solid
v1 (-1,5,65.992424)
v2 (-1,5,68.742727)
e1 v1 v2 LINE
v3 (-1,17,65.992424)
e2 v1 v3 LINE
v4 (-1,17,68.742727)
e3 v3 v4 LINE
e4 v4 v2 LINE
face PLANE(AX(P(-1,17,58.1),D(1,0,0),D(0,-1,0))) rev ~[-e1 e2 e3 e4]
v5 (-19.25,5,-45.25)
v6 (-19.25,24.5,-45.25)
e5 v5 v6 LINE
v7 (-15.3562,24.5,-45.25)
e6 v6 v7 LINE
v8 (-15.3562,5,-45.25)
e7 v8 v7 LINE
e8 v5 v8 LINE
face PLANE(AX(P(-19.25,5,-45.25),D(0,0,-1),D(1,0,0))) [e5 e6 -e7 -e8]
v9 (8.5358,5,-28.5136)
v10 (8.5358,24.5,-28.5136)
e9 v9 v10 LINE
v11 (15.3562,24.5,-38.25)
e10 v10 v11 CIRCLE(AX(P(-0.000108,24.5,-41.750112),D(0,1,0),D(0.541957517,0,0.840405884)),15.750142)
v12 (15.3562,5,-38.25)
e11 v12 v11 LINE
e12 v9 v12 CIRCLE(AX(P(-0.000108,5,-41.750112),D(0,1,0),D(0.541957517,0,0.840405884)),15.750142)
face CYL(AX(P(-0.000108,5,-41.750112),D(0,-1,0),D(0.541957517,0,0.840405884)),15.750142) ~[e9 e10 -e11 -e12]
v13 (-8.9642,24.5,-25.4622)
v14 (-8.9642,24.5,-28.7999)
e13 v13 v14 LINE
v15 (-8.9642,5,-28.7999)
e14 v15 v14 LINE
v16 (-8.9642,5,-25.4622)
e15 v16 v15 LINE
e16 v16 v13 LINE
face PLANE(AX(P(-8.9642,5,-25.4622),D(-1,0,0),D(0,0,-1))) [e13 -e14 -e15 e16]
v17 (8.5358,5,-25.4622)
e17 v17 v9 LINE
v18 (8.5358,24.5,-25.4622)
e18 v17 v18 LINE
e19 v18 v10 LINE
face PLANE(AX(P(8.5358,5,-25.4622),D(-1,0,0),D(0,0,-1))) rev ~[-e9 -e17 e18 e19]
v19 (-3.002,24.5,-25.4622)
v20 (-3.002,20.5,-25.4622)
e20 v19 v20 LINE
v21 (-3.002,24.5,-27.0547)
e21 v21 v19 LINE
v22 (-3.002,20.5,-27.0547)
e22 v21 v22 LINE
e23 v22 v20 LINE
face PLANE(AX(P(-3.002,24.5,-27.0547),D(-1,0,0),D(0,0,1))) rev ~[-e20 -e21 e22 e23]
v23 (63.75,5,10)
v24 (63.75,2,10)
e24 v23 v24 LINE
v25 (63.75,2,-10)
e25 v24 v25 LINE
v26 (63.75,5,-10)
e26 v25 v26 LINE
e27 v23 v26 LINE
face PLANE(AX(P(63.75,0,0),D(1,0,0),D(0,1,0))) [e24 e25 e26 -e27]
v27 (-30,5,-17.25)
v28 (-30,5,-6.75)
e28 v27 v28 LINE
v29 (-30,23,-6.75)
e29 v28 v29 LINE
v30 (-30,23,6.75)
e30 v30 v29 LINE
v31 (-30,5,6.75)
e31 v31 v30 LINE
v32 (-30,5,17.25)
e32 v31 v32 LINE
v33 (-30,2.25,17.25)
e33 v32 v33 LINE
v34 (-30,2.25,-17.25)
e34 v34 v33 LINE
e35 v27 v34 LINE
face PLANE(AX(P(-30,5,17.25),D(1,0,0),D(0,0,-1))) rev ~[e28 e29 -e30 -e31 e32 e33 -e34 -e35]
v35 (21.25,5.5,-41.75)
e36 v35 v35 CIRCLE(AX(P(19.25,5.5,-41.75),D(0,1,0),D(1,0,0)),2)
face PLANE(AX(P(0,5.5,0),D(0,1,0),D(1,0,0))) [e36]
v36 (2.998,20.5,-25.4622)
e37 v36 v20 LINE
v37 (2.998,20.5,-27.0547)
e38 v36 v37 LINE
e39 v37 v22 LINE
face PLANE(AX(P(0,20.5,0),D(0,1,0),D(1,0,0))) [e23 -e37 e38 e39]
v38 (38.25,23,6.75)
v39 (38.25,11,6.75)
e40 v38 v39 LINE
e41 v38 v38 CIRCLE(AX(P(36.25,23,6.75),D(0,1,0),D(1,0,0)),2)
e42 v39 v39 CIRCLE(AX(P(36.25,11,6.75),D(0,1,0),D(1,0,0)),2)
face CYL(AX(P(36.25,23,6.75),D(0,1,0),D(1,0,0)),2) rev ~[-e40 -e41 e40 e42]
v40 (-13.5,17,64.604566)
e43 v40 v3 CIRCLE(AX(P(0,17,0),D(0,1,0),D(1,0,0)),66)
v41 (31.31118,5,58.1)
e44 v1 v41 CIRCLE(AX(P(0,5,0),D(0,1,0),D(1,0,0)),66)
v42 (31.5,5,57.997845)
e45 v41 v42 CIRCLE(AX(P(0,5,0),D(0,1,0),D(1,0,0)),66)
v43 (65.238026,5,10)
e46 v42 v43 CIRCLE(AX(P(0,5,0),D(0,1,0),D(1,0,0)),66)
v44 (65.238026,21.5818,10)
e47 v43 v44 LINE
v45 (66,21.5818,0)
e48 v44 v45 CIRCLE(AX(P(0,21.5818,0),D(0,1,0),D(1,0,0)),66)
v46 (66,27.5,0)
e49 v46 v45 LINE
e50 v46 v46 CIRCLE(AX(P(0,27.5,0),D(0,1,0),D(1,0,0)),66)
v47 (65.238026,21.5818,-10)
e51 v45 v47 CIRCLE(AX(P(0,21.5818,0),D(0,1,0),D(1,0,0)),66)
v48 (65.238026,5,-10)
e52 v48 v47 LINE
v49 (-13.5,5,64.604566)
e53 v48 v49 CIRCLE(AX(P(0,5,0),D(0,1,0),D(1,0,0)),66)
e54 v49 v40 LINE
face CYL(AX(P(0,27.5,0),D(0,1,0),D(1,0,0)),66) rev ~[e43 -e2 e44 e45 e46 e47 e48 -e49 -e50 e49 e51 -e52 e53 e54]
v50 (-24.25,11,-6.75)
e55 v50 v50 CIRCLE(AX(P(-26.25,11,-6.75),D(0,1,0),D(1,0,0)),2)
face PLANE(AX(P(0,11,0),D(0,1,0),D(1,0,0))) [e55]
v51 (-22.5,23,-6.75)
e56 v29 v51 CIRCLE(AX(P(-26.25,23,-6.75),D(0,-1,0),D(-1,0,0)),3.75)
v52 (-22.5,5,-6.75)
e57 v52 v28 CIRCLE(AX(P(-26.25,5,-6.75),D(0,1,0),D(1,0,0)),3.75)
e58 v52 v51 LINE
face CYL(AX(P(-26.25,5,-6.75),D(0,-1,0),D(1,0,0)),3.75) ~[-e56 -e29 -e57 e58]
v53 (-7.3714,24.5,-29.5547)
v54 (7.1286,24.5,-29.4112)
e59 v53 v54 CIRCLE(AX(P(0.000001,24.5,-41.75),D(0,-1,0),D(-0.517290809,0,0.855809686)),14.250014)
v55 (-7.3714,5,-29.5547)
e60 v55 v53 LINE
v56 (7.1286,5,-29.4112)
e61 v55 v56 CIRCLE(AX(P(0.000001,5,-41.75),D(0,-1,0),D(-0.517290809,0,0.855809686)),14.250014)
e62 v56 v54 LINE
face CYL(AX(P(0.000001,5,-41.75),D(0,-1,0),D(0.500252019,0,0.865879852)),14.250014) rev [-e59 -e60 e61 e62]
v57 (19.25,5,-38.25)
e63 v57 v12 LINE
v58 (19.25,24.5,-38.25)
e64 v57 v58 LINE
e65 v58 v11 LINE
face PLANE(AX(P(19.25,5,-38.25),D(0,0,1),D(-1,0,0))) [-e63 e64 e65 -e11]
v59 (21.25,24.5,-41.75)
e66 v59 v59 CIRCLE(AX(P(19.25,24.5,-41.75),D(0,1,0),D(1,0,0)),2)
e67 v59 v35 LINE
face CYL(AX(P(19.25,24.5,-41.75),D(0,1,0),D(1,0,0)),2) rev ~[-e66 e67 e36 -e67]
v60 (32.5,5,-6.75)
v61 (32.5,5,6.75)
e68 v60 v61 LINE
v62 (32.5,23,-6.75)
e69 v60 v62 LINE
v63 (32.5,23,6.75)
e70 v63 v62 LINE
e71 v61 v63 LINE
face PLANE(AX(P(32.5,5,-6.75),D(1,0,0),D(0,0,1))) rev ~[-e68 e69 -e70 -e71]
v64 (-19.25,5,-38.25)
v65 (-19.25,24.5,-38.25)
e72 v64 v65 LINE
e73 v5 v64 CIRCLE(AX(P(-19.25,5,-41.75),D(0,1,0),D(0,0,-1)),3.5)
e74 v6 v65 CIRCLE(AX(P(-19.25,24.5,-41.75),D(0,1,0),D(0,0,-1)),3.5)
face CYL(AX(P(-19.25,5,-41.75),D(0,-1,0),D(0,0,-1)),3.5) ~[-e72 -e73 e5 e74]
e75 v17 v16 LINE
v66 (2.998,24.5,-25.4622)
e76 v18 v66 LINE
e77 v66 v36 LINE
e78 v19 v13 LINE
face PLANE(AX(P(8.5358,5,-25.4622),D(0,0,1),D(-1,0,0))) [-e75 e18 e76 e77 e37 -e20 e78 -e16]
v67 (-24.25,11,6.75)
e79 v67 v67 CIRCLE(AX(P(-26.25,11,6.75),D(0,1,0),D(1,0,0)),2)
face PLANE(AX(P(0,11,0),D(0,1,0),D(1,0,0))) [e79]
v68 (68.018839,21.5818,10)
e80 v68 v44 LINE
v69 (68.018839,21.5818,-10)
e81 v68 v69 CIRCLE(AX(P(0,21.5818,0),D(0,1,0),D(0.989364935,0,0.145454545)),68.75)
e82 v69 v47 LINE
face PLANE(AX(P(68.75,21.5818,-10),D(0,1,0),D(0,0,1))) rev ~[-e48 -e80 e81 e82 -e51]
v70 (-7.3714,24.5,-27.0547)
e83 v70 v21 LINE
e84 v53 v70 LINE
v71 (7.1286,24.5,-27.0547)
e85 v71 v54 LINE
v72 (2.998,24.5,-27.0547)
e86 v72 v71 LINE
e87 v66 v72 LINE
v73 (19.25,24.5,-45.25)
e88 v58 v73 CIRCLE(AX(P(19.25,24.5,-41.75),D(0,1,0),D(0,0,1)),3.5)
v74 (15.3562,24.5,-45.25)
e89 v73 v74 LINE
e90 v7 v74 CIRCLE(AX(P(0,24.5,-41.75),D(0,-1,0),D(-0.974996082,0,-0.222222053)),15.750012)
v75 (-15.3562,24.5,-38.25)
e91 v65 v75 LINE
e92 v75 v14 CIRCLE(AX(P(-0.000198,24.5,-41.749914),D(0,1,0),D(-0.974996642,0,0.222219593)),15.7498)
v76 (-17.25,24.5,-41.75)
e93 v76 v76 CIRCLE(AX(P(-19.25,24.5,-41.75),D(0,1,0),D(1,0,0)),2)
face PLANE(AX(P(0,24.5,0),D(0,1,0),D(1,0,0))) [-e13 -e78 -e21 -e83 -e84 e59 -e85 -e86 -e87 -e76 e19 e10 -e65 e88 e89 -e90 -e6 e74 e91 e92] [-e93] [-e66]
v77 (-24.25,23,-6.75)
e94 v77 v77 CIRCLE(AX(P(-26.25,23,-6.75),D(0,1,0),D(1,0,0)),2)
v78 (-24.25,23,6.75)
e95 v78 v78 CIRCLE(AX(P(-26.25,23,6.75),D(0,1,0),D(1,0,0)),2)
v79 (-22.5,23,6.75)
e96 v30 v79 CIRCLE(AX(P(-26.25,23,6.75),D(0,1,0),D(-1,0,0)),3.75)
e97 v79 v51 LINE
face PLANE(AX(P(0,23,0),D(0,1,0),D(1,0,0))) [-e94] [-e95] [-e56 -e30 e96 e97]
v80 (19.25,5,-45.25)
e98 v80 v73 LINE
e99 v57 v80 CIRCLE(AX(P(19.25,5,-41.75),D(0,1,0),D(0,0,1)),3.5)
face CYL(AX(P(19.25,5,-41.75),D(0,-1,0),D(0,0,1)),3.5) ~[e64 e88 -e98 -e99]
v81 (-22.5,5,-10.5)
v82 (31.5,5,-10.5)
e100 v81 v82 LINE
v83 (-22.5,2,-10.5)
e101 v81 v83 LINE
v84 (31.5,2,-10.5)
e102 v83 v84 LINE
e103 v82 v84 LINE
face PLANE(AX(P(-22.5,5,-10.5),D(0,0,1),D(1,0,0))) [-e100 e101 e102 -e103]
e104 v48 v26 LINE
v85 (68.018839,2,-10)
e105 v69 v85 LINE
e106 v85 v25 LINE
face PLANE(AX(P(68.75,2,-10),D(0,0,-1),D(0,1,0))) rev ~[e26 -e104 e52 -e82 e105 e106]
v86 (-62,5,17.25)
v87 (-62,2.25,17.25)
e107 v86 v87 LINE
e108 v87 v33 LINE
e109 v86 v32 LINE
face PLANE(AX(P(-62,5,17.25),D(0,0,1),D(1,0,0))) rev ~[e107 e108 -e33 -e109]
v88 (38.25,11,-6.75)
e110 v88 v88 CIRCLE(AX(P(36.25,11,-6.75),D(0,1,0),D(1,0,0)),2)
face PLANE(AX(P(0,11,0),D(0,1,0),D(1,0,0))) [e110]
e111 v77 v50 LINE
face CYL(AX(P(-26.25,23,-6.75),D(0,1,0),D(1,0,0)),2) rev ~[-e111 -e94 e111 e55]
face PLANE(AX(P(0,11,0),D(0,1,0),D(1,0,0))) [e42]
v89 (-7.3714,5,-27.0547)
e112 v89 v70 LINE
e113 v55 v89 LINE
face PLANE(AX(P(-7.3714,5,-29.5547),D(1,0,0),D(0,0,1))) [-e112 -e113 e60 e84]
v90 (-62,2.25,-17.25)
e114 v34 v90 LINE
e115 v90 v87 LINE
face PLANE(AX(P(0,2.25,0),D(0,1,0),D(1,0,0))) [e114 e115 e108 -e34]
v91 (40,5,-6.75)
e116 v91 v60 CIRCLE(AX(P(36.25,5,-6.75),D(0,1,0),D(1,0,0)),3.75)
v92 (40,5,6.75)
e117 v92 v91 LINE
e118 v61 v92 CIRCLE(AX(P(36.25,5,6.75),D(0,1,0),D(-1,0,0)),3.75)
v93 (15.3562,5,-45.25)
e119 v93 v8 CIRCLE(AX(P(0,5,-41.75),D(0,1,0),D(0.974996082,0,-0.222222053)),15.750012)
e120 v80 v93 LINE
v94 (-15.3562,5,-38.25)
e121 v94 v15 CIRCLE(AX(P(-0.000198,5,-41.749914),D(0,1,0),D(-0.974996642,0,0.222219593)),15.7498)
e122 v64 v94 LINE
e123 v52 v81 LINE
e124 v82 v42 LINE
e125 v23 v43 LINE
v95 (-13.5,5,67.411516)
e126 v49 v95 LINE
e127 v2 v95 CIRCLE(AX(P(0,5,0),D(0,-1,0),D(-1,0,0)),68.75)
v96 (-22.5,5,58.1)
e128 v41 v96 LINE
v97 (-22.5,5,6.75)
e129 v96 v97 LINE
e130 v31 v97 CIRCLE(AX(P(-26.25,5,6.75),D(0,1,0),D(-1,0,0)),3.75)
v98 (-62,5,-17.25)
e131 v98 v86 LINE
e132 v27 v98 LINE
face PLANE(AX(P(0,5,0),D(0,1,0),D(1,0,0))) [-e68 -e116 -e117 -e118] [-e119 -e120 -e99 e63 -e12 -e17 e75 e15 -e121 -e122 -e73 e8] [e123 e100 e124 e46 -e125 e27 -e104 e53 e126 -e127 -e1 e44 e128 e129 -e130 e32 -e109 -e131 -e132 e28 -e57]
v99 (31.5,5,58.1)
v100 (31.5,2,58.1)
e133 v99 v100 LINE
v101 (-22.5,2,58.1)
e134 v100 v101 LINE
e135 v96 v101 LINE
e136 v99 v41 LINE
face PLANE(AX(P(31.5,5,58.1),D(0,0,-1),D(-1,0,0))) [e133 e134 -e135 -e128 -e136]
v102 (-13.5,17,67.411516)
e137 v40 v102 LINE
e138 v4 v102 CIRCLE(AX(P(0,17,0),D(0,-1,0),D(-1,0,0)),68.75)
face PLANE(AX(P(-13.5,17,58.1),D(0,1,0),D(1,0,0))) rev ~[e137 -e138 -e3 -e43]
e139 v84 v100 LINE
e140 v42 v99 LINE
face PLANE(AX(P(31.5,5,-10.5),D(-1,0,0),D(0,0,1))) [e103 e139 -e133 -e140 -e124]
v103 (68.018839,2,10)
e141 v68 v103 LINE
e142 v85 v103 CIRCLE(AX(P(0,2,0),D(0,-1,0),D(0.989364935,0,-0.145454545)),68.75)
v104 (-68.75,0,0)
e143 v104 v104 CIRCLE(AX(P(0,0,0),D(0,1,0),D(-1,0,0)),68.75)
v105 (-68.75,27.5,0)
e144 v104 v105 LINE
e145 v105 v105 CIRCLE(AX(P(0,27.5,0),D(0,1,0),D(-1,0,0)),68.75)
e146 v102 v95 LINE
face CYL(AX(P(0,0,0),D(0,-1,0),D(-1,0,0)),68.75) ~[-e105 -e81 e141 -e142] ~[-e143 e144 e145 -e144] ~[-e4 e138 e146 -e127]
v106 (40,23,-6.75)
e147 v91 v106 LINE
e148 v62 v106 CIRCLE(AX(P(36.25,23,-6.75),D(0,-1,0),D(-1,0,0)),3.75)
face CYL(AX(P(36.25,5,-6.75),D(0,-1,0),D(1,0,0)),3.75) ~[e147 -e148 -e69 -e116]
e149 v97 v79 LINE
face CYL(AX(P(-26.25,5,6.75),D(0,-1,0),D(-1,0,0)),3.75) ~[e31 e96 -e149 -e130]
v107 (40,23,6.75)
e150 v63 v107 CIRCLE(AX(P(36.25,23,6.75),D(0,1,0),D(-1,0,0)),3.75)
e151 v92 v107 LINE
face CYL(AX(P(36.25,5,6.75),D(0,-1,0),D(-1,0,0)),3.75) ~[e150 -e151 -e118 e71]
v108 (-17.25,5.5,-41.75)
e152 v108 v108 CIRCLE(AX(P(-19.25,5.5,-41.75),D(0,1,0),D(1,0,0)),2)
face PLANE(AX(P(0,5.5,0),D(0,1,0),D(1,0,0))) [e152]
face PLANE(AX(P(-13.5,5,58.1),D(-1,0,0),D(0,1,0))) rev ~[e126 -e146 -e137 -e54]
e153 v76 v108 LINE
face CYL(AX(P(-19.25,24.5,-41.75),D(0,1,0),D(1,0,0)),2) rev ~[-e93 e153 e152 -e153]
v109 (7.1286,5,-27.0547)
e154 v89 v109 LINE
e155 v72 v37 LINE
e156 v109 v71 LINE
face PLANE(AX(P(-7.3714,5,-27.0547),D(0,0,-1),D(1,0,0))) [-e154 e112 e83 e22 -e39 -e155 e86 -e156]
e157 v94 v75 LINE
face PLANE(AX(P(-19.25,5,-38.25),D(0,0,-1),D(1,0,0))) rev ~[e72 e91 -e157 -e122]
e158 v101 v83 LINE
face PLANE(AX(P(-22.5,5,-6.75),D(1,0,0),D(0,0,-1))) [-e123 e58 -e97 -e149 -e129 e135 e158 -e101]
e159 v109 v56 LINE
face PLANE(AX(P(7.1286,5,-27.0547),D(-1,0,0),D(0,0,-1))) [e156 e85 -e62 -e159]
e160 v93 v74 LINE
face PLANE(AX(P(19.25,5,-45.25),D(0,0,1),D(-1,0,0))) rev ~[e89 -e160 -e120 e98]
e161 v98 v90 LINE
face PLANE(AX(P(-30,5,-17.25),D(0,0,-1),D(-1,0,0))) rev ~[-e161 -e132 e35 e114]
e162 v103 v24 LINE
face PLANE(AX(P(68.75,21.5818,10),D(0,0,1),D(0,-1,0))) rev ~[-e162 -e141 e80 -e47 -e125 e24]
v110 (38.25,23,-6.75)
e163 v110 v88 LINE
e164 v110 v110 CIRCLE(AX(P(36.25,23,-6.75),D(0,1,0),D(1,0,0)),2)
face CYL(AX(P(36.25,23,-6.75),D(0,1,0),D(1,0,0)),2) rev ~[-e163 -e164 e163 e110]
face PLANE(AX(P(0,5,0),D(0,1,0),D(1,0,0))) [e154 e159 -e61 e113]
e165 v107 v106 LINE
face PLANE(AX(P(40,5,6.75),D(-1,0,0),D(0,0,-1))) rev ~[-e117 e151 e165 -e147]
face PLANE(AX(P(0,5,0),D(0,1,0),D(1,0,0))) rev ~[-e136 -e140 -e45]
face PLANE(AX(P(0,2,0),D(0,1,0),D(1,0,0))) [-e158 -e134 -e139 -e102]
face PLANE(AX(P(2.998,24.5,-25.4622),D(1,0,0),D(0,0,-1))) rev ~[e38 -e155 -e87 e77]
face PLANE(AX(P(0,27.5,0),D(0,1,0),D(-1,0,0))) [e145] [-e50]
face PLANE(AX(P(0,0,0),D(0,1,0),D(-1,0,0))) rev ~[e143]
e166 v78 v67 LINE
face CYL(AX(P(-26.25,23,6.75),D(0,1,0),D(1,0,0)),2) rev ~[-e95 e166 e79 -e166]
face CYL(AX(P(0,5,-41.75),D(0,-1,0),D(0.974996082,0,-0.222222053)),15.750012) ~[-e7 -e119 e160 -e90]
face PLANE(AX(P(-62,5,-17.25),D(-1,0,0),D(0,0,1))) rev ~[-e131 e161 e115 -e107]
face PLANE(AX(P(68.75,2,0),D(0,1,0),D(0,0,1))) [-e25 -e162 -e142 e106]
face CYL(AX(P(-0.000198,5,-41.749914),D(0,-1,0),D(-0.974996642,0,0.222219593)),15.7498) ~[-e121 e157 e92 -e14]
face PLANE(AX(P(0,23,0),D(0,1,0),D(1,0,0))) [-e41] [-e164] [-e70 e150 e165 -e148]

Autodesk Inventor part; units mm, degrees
sketch "Sketch1" plane through (0, 0, 0) normal (0, 1, 0) x (-1, 0, 0)
  circle A0 centre (0, 0) radius 68.75
  dimension "d0" = 137.5
extrude "Extrusion1" add sketch "Sketch1" along normal blind 27.5
sketch "Sketch2" plane through (0, 27.5, 0) normal (0, 1, 0) x (1, 0, 0)
  circle A0 centre (0, 0) radius 66
  dimension "d4" = 132
extrude "Extrusion2" cut sketch "Sketch2" against normal blind 22.5
sketch "Sketch3" plane through (0, 5, 0) normal (0, 1, 0) x (1, 0, 0)
  circle A0 centre (0, 0) radius 68.75 projected
  line L0 (0, 68.75) -> (0, 41.75)
  arc A1 (7.1286, 29.4112) -> (-7.3714, 29.5547) centre (0, 41.75) ccw
  line L1 (8.5358, 25.4622) -> (-8.9642, 25.4622)
  line L2 (8.5358, 25.4622) -> (8.5358, 28.5136)
  line L3 (-8.9642, 25.4622) -> (-8.9642, 28.7999)
  line L4 (-7.3714, 29.5547) -> (-7.3714, 27.0547)
  line L5 (-7.3714, 27.0547) -> (7.1286, 27.0547)
  line L6 (7.1286, 27.0547) -> (7.1286, 29.4112)
  arc A2 (19.25, 38.25) -> (19.25, 45.25) centre (19.25, 41.75) ccw
  line L7 (19.25, 45.25) -> (15.3562, 45.25)
  line L8 (19.25, 38.25) -> (15.3562, 38.25)
  arc A3 (-19.25, 45.25) -> (-19.25, 38.25) centre (-19.25, 41.75) ccw
  line L9 (-19.25, 45.25) -> (-15.3562, 45.25)
  line L10 (-19.25, 38.25) -> (-15.3562, 38.25)
  arc A4 (-15.3562, 38.25) -> (-8.9642, 28.7999) centre (0, 41.75) ccw
  arc A5 (8.5358, 28.5136) -> (15.3562, 38.25) centre (0, 41.75) ccw
  arc A6 (15.3562, 45.25) -> (-15.3562, 45.25) centre (0, 41.75) ccw
  dimension "d7" = 27
  dimension "d8" = 28.5
  dimension "d12" = 17.5
  dimension "d14" = 2.5
  dimension "d15" = 14.5
extrude "Extrusion3" add sketch "Sketch3" along normal blind 19.5 contours A6 L7 A2 L8 A5 L2 L1 L3 A4 L10 A3 L9
sketch "Sketch4" plane through (0, 24.5, 0) normal (0, 1, 0) x (1, 0, 0)
  line L0 (-8.9642, 25.4622) -> (8.5358, 25.4622) projected
  line L1 (-0.002, 25.4622) -> (2.998, 25.4622)
  line L2 (2.998, 25.4622) -> (2.998, 27.0547)
  line L3 (2.998, 27.0547) -> (-3.002, 27.0547)
  line L4 (7.1286, 27.0547) -> (-7.3714, 27.0547) projected
  line L5 (-3.002, 27.0547) -> (-3.002, 25.4622)
  line L6 (-3.002, 25.4622) -> (-0.002, 25.4622)
  point P0 (0, 0)
  dimension "d18" = 3
  dimension "d19" = 6
extrude "Extrusion4" cut sketch "Sketch4" against normal blind 4
sketch "Sketch5" plane through (0, 24.5, 0) normal (0, 1, 0) x (1, 0, 0)
  arc A0 (-19.25, 45.25) -> (-19.25, 38.25) centre (-19.25, 41.75) ccw projected
  circle A1 centre (-19.25, 41.75) radius 2
  arc A2 (19.25, 38.25) -> (19.25, 45.25) centre (19.25, 41.75) ccw projected
  circle A3 centre (19.25, 41.75) radius 2
  point P0 (0, 0)
  dimension "d24" = 4
  dimension "d25" = 4
extrude "Extrusion5" cut sketch "Sketch5" against normal blind 19
sketch "Sketch6" plane through (0, 5, 0) normal (0, 1, 0) x (1, 0, 0)
  line L0 (-30, 0) -> (-30, 17.25)
  line L1 (-30, 17.25) -> (-62, 17.25)
  line L2 (-62, 17.25) -> (-62, -17.25)
  line L3 (-62, -17.25) -> (-30, -17.25)
  line L4 (-30, -17.25) -> (-30, 0)
  point P0 (0, 0)
  dimension "d28" = 30
  dimension "d29" = 17.25
  dimension "d30" = 32
  dimension "d31" = 90
  dimension "d32" = 34.5
extrude "Extrusion6" cut sketch "Sketch6" against normal blind 2.75
sketch "Sketch7" plane through (0, 5, 0) normal (0, 1, 0) x (1, 0, 0)
  line L0 (-30, 17.25) -> (-30, -17.25) projected
  line L1 (-30, 0) -> (-26.25, 0)
  line L2 (-26.25, 0) -> (-26.25, 10.5)
  line L3 (-26.25, 10.5) -> (-26.25, -10.5) construction
  line L4 (-22.5, 6.75) -> (-22.5, -6.75)
  line L5 (-30, -6.75) -> (-30, 6.75)
  arc A0 (-22.5, 6.75) -> (-30, 6.75) centre (-26.25, 6.75) ccw
  arc A1 (-30, -6.75) -> (-22.5, -6.75) centre (-26.25, -6.75) ccw
  line L6 (-26.25, 0) -> (36.25, 0)
  line L7 (36.25, 0) -> (36.25, 10.5)
  line L8 (36.25, 10.5) -> (36.25, -10.5) construction
  line L9 (32.5, 6.75) -> (32.5, -6.75)
  line L10 (40, -6.75) -> (40, 6.75)
  arc A2 (40, 6.75) -> (32.5, 6.75) centre (36.25, 6.75) ccw
  arc A3 (32.5, -6.75) -> (40, -6.75) centre (36.25, -6.75) ccw
  line L11 (36.25, 10.5) -> (57.25, 10.5) construction
  point P0 (0, 0)
  dimension "d36" = 3.75
  dimension "d37" = 10.5
  dimension "d38" = 21
  dimension "d39" = 62.5
  dimension "d40" = 10.5
  dimension "d41" = 21
  dimension "d42" = 90
  dimension "d43" = 7.5
extrude "Extrusion7" add sketch "Sketch7" along normal blind 18
sketch "Sketch8" plane through (0, 5, 0) normal (0, 1, 0) x (1, 0, 0)
  line L0 (-22.5, 6.75) -> (-22.5, -6.75) projected
  line L1 (-22.5, 0) -> (-22.5, 10.5)
  line L2 (-22.5, 10.5) -> (31.5, 10.5)
  line L3 (31.5, 10.5) -> (31.5, -58.1)
  line L4 (31.5, -58.1) -> (-22.5, -58.1)
  line L5 (-22.5, -58.1) -> (-22.5, 10.5)
  point P0 (0, 0)
  dimension "d46" = 10.5
  dimension "d47" = 54
  dimension "d48" = 68.6
extrude "Extrusion8" cut sketch "Sketch8" against normal blind 3
ref_plane "Work Plane1" through (-22.5, 2, 58.1) normal (0, 0, -1) x (-1, 0, 0)
sketch "Sketch9" plane through (-22.5, 2, 58.1) normal (0, 0, -1) x (-1, 0, 0)
  line L0 (-53.8112, 3) -> (0, 3) projected
  line L1 (0, 3) -> (-9, 3)
  line L2 (-9, 3) -> (-9, 15)
  line L3 (-9, 15) -> (-21.5, 15)
  line L4 (-21.5, 15) -> (-21.5, 3)
  line L5 (-21.5, 3) -> (-9, 3)
  line L6 (-54, 0) -> (0, 0) projected
  point P0 (-22.5, -2)
  dimension "d52" = 12
  dimension "d53" = 12.5
extrude "Extrusion9" cut sketch "Sketch9" against normal blind 102
ref_plane "Work Plane2" through (68.75, 0, 0) normal (1, 0, 0) x (0, 1, 0)
sketch "Sketch10" plane through (68.75, 0, 0) normal (1, 0, 0) x (0, 1, 0)
  line L0 (0, -68.75) -> (0, 68.75) projected
  line L1 (0, 0) -> (2, 0)
  line L2 (1.5818, 0) -> (1.5818, -10)
  line L3 (1.5818, -10) -> (21.5818, -10)
  line L4 (21.5818, -10) -> (21.5818, 10)
  line L5 (5, 10.5) -> (23, 10.5) projected
  line L6 (21.5818, 10) -> (1.5818, 10)
  line L7 (1.5818, 10) -> (1.5818, 0)
  line L8 (2, -10.5) -> (2, 58.1) projected
  point P0 (2, 10)
  point P1 (2, -10)
  dimension "d64" = 10
  dimension "d65" = 20
  dimension "d66" = 20
  dimension "d67" = 20
extrude "Extrusion10" cut sketch "Sketch10" against normal blind 5 contours L8 L6 L4 L3
sketch "Sketch11" plane through (0, 23, 0) normal (0, 1, 0) x (1, 0, 0)
  arc A0 (40, 6.75) -> (32.5, 6.75) centre (36.25, 6.75) ccw projected
  circle A1 centre (36.25, 6.75) radius 2
  arc A2 (32.5, -6.75) -> (40, -6.75) centre (36.25, -6.75) ccw projected
  circle A3 centre (36.25, -6.75) radius 2
  arc A4 (-22.5, 6.75) -> (-30, 6.75) centre (-26.25, 6.75) ccw projected
  circle A5 centre (-26.25, 6.75) radius 2
  arc A6 (-30, -6.75) -> (-22.5, -6.75) centre (-26.25, -6.75) ccw projected
  circle A7 centre (-26.25, -6.75) radius 2
  point P0 (0, 0)
  dimension "d70" = 4
  dimension "d71" = 4
  dimension "d72" = 4
  dimension "d73" = 4
extrude "Extrusion11" cut sketch "Sketch11" against normal blind 12
properties part number "gehäuse_scan"
